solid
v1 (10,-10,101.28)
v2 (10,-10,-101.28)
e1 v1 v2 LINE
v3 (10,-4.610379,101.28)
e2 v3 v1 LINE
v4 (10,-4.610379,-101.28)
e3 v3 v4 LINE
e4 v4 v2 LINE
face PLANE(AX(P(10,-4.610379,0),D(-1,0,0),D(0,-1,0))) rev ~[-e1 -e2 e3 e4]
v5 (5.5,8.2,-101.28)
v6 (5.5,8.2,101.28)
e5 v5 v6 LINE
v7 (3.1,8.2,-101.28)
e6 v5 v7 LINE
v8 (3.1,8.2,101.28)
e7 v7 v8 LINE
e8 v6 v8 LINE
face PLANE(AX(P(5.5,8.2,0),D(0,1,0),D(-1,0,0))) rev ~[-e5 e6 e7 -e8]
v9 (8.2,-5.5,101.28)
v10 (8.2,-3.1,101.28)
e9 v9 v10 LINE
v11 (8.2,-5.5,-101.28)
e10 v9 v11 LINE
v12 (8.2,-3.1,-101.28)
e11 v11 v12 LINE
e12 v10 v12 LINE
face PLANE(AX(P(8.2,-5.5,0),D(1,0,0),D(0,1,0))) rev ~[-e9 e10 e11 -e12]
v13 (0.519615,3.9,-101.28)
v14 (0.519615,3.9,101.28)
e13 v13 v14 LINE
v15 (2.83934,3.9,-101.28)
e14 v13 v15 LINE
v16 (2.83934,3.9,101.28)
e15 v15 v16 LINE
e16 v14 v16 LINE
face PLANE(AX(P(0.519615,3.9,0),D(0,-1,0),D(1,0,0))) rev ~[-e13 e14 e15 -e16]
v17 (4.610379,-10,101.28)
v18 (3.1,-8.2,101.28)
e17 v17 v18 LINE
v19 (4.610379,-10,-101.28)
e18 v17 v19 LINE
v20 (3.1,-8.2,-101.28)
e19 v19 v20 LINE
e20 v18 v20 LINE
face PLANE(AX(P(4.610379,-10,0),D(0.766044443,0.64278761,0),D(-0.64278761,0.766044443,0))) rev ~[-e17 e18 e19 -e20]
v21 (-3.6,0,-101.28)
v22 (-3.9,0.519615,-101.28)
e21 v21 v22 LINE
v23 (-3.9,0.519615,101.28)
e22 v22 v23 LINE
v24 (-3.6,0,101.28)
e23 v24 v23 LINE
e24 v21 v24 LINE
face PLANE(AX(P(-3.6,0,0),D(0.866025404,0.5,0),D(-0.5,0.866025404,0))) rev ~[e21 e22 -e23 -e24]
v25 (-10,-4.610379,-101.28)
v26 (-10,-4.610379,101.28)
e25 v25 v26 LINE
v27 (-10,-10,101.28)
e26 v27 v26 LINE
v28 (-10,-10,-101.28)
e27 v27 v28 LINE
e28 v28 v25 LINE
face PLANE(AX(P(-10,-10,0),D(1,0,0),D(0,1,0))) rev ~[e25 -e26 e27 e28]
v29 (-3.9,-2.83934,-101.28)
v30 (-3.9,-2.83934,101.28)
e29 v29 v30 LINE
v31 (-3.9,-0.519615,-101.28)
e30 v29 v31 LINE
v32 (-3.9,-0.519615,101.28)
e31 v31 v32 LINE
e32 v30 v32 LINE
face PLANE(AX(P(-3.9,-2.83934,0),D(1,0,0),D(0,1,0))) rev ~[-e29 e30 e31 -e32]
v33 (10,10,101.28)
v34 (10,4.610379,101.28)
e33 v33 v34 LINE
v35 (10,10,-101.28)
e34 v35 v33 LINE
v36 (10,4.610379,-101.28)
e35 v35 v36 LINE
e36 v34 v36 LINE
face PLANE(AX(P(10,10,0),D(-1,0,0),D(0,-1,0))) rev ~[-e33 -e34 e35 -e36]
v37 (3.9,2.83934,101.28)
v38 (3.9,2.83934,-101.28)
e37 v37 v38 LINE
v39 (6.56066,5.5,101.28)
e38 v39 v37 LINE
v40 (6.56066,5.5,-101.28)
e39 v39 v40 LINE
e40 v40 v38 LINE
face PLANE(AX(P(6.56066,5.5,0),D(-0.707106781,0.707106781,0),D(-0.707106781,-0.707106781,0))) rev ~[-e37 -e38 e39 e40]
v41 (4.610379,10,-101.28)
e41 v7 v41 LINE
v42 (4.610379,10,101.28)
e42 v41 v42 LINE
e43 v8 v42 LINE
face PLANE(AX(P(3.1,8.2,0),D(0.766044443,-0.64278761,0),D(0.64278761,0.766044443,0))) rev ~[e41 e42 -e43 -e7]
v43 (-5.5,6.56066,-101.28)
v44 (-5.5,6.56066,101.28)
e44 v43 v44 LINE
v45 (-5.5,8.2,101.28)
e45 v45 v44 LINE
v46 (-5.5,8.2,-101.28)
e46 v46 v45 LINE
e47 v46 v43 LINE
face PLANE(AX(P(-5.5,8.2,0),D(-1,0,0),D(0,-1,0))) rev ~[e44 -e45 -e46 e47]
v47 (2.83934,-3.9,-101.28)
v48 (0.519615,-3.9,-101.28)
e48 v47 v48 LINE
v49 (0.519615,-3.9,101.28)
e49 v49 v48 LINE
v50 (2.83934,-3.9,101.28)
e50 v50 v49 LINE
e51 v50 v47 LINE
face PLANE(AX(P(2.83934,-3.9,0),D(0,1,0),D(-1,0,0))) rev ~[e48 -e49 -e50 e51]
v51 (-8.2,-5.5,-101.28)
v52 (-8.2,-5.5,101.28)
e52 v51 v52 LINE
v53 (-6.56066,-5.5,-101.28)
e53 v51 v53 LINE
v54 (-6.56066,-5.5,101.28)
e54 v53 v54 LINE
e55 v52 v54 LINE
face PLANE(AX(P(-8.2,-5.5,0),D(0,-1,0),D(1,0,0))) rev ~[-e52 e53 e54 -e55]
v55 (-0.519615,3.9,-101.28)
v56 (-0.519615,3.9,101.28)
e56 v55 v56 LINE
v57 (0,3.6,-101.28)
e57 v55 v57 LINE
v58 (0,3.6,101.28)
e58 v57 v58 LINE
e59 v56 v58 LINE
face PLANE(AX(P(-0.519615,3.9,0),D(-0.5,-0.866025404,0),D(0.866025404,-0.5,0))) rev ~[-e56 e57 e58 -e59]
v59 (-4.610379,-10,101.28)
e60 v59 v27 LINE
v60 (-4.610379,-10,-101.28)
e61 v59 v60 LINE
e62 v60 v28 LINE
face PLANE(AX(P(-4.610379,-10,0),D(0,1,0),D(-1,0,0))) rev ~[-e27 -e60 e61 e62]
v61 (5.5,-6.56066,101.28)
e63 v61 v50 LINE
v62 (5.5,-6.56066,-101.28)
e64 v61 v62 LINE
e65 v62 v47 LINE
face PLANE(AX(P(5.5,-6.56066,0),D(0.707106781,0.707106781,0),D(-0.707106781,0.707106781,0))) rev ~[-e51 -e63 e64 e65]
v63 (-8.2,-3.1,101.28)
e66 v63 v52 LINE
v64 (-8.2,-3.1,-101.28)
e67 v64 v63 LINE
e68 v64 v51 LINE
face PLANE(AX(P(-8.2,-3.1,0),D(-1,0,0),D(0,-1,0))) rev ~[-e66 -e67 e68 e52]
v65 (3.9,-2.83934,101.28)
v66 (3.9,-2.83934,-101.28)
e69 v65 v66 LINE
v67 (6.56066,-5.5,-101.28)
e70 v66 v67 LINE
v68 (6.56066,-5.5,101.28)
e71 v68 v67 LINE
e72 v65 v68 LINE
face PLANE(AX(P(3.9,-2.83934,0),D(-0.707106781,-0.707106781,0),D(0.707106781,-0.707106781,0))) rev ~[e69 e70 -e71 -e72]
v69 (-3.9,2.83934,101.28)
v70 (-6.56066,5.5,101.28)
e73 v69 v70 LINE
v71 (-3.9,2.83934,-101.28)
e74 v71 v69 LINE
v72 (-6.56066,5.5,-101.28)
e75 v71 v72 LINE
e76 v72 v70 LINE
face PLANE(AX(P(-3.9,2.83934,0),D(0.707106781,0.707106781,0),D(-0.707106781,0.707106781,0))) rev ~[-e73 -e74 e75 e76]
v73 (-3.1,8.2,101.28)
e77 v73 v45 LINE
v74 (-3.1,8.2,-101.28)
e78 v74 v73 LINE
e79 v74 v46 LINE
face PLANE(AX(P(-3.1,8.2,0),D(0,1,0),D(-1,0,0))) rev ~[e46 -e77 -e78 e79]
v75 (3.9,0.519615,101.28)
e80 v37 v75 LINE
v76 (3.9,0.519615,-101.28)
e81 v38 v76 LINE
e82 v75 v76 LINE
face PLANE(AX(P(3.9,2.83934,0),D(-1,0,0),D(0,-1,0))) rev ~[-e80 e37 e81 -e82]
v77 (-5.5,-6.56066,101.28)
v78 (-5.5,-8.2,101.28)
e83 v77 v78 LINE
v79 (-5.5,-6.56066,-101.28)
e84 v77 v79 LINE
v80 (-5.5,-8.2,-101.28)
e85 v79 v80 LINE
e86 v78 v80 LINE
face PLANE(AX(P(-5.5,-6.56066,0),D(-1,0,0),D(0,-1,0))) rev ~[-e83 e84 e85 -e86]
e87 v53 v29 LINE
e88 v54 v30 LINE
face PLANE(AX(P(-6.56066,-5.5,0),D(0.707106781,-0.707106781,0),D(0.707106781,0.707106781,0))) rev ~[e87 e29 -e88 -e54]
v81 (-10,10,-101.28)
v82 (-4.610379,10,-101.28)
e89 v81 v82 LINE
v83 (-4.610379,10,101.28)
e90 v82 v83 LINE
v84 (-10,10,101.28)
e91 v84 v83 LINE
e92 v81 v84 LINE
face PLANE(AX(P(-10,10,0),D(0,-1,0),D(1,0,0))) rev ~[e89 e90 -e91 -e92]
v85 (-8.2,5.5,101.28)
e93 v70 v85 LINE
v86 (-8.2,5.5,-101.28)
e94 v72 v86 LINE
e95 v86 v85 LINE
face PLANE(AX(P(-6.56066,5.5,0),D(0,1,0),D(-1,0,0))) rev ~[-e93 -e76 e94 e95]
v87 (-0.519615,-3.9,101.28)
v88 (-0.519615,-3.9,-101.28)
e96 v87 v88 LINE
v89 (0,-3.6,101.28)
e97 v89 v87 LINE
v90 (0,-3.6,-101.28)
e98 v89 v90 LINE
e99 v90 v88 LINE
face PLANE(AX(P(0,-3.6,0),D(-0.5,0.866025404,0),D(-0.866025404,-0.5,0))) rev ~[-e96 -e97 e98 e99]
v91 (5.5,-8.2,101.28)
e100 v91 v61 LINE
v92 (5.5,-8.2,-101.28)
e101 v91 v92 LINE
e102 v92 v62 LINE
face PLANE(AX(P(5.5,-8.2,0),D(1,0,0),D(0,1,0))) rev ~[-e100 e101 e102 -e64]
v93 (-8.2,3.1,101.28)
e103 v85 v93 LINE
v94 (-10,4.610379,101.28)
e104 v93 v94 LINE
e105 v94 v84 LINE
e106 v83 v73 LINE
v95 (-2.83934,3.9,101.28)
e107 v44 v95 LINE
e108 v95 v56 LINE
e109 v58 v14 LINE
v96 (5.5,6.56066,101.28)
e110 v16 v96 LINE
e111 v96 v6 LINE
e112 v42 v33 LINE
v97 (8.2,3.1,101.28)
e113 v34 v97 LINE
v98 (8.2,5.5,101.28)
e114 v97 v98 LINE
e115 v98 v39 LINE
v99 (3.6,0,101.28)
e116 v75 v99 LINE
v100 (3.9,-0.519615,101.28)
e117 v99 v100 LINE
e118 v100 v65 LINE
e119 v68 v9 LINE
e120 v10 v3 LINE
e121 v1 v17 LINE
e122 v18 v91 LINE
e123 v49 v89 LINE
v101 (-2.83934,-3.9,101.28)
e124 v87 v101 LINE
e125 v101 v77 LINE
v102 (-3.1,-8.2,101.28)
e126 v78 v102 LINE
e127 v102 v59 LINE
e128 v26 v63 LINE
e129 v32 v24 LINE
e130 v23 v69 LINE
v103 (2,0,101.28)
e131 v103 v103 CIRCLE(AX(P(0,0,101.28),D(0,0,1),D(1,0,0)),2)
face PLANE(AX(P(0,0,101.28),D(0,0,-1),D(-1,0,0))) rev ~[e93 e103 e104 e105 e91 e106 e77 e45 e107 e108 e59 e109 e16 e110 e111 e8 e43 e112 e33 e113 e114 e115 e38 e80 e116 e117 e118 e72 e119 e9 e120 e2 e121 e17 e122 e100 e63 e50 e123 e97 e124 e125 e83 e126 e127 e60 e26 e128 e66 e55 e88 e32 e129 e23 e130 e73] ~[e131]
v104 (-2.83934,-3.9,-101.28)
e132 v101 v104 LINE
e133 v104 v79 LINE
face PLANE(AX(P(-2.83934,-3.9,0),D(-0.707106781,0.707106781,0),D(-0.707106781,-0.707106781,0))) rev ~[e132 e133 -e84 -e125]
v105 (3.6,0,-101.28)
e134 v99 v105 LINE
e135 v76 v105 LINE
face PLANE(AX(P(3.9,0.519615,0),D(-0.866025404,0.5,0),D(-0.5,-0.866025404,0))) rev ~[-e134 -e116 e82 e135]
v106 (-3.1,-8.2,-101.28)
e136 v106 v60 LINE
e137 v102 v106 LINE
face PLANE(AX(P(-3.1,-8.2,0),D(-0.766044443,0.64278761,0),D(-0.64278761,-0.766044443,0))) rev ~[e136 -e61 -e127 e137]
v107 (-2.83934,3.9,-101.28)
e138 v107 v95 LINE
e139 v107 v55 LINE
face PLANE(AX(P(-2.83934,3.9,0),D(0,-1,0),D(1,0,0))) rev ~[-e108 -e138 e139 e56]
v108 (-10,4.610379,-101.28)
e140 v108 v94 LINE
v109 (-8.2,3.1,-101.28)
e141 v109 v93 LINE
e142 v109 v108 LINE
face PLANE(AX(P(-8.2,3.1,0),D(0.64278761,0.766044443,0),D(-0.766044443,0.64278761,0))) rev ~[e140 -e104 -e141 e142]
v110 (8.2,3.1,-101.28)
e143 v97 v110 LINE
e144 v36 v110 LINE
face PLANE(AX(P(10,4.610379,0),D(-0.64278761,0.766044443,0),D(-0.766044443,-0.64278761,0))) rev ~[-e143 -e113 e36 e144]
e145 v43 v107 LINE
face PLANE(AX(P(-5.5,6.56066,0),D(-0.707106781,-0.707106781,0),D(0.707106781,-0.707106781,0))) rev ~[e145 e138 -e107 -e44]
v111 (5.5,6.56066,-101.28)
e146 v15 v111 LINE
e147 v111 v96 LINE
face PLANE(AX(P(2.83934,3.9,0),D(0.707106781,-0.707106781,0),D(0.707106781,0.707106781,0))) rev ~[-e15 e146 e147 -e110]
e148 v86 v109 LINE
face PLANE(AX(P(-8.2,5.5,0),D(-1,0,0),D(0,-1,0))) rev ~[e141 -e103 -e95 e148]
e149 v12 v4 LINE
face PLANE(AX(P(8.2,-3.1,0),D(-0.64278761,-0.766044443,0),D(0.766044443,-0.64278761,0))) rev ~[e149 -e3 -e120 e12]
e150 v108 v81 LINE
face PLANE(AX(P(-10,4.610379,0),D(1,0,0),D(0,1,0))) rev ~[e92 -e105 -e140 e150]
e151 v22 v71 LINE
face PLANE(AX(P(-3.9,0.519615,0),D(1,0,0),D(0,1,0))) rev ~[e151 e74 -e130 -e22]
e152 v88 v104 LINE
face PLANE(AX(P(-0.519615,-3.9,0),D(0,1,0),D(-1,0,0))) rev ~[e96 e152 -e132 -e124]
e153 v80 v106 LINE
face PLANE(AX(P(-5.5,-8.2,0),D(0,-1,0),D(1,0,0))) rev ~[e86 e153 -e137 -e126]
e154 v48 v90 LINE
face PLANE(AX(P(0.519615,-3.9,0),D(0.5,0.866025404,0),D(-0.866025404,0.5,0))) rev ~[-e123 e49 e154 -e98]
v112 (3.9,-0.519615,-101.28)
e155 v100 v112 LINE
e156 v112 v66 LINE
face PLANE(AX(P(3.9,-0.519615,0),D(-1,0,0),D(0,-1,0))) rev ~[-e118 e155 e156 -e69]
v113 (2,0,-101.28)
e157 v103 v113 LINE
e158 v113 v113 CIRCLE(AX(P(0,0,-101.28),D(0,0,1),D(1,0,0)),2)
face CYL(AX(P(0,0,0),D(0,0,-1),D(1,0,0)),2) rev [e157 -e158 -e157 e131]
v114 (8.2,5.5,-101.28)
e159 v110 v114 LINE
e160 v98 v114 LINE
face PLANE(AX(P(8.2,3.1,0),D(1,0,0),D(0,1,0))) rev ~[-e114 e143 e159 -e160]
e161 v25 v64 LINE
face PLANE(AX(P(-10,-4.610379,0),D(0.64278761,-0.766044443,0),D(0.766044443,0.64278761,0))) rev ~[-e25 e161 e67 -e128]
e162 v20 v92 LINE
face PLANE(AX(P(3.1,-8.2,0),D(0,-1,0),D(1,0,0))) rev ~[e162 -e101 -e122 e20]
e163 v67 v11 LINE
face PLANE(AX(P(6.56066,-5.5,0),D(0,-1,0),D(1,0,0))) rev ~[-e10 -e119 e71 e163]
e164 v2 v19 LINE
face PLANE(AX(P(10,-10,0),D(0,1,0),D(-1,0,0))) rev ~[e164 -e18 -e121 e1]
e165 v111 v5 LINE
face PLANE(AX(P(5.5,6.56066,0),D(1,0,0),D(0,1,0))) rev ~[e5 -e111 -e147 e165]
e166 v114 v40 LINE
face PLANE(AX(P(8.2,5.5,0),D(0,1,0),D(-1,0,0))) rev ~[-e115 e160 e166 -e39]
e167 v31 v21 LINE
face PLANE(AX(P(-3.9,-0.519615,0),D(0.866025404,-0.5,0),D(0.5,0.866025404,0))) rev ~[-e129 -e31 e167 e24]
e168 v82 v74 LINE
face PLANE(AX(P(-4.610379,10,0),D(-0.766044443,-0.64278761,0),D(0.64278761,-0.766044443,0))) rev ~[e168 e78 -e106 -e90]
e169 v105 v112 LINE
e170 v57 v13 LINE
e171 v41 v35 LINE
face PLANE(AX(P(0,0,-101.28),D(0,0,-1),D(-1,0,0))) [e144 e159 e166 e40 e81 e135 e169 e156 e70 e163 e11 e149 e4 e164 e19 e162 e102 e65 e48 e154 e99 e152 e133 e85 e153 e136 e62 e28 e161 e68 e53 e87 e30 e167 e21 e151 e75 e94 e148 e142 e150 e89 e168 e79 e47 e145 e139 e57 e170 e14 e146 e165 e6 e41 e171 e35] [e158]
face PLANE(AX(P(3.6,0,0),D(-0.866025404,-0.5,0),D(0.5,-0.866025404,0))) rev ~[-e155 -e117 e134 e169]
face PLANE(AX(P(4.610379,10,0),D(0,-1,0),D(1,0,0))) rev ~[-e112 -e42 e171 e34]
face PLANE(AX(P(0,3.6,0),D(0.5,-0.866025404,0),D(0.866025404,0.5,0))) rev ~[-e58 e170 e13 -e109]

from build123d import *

# Parameters (mm, degrees)
SKETCH1_R           = 2
BOSS_EXTRUDE1_DEPTH = 101.28


with BuildPart() as part:
    # Sketch1 → Boss-Extrude1 (new body, symmetric)
    with BuildSketch(Plane.XY):
        Polygon((10, 10), (10, 4.610379336), (8.2, 3.1), (8.2, 5.5), (6.560660172, 5.5), (3.9, 2.839339828), (3.9, 0.519615242), (3.6, 0), (3.9, -0.519615242), (3.9, -2.839339828), (6.560660172, -5.5), (8.2, -5.5), (8.2, -3.1), (10, -4.610379336), (10, -10), (4.610379336, -10), (3.1, -8.2), (5.5, -8.2), (5.5, -6.560660172), (2.839339828, -3.9), (0.519615242, -3.9), (0, -3.6), (-0.519615242, -3.9), (-2.839339828, -3.9), (-5.5, -6.560660172), (-5.5, -8.2), (-3.1, -8.2), (-4.610379336, -10), (-10, -10), (-10, -4.610379336), (-8.2, -3.1), (-8.2, -5.5), (-6.560660172, -5.5), (-3.9, -2.839339828), (-3.9, -0.519615242), (-3.6, 0), (-3.9, 0.519615242), (-3.9, 2.839339828), (-6.560660172, 5.5), (-8.2, 5.5), (-8.2, 3.1), (-10, 4.610379336), (-10, 10), (-4.610379336, 10), (-3.1, 8.2), (-5.5, 8.2), (-5.5, 6.560660172), (-2.839339828, 3.9), (-0.519615242, 3.9), (0, 3.6), (0.519615242, 3.9), (2.839339828, 3.9), (5.5, 6.560660172), (5.5, 8.2), (3.1, 8.2), (4.610379336, 10), align=None)
        Circle(SKETCH1_R, mode=Mode.SUBTRACT)
    extrude(amount=BOSS_EXTRUDE1_DEPTH, both=True)


solid = part.part
